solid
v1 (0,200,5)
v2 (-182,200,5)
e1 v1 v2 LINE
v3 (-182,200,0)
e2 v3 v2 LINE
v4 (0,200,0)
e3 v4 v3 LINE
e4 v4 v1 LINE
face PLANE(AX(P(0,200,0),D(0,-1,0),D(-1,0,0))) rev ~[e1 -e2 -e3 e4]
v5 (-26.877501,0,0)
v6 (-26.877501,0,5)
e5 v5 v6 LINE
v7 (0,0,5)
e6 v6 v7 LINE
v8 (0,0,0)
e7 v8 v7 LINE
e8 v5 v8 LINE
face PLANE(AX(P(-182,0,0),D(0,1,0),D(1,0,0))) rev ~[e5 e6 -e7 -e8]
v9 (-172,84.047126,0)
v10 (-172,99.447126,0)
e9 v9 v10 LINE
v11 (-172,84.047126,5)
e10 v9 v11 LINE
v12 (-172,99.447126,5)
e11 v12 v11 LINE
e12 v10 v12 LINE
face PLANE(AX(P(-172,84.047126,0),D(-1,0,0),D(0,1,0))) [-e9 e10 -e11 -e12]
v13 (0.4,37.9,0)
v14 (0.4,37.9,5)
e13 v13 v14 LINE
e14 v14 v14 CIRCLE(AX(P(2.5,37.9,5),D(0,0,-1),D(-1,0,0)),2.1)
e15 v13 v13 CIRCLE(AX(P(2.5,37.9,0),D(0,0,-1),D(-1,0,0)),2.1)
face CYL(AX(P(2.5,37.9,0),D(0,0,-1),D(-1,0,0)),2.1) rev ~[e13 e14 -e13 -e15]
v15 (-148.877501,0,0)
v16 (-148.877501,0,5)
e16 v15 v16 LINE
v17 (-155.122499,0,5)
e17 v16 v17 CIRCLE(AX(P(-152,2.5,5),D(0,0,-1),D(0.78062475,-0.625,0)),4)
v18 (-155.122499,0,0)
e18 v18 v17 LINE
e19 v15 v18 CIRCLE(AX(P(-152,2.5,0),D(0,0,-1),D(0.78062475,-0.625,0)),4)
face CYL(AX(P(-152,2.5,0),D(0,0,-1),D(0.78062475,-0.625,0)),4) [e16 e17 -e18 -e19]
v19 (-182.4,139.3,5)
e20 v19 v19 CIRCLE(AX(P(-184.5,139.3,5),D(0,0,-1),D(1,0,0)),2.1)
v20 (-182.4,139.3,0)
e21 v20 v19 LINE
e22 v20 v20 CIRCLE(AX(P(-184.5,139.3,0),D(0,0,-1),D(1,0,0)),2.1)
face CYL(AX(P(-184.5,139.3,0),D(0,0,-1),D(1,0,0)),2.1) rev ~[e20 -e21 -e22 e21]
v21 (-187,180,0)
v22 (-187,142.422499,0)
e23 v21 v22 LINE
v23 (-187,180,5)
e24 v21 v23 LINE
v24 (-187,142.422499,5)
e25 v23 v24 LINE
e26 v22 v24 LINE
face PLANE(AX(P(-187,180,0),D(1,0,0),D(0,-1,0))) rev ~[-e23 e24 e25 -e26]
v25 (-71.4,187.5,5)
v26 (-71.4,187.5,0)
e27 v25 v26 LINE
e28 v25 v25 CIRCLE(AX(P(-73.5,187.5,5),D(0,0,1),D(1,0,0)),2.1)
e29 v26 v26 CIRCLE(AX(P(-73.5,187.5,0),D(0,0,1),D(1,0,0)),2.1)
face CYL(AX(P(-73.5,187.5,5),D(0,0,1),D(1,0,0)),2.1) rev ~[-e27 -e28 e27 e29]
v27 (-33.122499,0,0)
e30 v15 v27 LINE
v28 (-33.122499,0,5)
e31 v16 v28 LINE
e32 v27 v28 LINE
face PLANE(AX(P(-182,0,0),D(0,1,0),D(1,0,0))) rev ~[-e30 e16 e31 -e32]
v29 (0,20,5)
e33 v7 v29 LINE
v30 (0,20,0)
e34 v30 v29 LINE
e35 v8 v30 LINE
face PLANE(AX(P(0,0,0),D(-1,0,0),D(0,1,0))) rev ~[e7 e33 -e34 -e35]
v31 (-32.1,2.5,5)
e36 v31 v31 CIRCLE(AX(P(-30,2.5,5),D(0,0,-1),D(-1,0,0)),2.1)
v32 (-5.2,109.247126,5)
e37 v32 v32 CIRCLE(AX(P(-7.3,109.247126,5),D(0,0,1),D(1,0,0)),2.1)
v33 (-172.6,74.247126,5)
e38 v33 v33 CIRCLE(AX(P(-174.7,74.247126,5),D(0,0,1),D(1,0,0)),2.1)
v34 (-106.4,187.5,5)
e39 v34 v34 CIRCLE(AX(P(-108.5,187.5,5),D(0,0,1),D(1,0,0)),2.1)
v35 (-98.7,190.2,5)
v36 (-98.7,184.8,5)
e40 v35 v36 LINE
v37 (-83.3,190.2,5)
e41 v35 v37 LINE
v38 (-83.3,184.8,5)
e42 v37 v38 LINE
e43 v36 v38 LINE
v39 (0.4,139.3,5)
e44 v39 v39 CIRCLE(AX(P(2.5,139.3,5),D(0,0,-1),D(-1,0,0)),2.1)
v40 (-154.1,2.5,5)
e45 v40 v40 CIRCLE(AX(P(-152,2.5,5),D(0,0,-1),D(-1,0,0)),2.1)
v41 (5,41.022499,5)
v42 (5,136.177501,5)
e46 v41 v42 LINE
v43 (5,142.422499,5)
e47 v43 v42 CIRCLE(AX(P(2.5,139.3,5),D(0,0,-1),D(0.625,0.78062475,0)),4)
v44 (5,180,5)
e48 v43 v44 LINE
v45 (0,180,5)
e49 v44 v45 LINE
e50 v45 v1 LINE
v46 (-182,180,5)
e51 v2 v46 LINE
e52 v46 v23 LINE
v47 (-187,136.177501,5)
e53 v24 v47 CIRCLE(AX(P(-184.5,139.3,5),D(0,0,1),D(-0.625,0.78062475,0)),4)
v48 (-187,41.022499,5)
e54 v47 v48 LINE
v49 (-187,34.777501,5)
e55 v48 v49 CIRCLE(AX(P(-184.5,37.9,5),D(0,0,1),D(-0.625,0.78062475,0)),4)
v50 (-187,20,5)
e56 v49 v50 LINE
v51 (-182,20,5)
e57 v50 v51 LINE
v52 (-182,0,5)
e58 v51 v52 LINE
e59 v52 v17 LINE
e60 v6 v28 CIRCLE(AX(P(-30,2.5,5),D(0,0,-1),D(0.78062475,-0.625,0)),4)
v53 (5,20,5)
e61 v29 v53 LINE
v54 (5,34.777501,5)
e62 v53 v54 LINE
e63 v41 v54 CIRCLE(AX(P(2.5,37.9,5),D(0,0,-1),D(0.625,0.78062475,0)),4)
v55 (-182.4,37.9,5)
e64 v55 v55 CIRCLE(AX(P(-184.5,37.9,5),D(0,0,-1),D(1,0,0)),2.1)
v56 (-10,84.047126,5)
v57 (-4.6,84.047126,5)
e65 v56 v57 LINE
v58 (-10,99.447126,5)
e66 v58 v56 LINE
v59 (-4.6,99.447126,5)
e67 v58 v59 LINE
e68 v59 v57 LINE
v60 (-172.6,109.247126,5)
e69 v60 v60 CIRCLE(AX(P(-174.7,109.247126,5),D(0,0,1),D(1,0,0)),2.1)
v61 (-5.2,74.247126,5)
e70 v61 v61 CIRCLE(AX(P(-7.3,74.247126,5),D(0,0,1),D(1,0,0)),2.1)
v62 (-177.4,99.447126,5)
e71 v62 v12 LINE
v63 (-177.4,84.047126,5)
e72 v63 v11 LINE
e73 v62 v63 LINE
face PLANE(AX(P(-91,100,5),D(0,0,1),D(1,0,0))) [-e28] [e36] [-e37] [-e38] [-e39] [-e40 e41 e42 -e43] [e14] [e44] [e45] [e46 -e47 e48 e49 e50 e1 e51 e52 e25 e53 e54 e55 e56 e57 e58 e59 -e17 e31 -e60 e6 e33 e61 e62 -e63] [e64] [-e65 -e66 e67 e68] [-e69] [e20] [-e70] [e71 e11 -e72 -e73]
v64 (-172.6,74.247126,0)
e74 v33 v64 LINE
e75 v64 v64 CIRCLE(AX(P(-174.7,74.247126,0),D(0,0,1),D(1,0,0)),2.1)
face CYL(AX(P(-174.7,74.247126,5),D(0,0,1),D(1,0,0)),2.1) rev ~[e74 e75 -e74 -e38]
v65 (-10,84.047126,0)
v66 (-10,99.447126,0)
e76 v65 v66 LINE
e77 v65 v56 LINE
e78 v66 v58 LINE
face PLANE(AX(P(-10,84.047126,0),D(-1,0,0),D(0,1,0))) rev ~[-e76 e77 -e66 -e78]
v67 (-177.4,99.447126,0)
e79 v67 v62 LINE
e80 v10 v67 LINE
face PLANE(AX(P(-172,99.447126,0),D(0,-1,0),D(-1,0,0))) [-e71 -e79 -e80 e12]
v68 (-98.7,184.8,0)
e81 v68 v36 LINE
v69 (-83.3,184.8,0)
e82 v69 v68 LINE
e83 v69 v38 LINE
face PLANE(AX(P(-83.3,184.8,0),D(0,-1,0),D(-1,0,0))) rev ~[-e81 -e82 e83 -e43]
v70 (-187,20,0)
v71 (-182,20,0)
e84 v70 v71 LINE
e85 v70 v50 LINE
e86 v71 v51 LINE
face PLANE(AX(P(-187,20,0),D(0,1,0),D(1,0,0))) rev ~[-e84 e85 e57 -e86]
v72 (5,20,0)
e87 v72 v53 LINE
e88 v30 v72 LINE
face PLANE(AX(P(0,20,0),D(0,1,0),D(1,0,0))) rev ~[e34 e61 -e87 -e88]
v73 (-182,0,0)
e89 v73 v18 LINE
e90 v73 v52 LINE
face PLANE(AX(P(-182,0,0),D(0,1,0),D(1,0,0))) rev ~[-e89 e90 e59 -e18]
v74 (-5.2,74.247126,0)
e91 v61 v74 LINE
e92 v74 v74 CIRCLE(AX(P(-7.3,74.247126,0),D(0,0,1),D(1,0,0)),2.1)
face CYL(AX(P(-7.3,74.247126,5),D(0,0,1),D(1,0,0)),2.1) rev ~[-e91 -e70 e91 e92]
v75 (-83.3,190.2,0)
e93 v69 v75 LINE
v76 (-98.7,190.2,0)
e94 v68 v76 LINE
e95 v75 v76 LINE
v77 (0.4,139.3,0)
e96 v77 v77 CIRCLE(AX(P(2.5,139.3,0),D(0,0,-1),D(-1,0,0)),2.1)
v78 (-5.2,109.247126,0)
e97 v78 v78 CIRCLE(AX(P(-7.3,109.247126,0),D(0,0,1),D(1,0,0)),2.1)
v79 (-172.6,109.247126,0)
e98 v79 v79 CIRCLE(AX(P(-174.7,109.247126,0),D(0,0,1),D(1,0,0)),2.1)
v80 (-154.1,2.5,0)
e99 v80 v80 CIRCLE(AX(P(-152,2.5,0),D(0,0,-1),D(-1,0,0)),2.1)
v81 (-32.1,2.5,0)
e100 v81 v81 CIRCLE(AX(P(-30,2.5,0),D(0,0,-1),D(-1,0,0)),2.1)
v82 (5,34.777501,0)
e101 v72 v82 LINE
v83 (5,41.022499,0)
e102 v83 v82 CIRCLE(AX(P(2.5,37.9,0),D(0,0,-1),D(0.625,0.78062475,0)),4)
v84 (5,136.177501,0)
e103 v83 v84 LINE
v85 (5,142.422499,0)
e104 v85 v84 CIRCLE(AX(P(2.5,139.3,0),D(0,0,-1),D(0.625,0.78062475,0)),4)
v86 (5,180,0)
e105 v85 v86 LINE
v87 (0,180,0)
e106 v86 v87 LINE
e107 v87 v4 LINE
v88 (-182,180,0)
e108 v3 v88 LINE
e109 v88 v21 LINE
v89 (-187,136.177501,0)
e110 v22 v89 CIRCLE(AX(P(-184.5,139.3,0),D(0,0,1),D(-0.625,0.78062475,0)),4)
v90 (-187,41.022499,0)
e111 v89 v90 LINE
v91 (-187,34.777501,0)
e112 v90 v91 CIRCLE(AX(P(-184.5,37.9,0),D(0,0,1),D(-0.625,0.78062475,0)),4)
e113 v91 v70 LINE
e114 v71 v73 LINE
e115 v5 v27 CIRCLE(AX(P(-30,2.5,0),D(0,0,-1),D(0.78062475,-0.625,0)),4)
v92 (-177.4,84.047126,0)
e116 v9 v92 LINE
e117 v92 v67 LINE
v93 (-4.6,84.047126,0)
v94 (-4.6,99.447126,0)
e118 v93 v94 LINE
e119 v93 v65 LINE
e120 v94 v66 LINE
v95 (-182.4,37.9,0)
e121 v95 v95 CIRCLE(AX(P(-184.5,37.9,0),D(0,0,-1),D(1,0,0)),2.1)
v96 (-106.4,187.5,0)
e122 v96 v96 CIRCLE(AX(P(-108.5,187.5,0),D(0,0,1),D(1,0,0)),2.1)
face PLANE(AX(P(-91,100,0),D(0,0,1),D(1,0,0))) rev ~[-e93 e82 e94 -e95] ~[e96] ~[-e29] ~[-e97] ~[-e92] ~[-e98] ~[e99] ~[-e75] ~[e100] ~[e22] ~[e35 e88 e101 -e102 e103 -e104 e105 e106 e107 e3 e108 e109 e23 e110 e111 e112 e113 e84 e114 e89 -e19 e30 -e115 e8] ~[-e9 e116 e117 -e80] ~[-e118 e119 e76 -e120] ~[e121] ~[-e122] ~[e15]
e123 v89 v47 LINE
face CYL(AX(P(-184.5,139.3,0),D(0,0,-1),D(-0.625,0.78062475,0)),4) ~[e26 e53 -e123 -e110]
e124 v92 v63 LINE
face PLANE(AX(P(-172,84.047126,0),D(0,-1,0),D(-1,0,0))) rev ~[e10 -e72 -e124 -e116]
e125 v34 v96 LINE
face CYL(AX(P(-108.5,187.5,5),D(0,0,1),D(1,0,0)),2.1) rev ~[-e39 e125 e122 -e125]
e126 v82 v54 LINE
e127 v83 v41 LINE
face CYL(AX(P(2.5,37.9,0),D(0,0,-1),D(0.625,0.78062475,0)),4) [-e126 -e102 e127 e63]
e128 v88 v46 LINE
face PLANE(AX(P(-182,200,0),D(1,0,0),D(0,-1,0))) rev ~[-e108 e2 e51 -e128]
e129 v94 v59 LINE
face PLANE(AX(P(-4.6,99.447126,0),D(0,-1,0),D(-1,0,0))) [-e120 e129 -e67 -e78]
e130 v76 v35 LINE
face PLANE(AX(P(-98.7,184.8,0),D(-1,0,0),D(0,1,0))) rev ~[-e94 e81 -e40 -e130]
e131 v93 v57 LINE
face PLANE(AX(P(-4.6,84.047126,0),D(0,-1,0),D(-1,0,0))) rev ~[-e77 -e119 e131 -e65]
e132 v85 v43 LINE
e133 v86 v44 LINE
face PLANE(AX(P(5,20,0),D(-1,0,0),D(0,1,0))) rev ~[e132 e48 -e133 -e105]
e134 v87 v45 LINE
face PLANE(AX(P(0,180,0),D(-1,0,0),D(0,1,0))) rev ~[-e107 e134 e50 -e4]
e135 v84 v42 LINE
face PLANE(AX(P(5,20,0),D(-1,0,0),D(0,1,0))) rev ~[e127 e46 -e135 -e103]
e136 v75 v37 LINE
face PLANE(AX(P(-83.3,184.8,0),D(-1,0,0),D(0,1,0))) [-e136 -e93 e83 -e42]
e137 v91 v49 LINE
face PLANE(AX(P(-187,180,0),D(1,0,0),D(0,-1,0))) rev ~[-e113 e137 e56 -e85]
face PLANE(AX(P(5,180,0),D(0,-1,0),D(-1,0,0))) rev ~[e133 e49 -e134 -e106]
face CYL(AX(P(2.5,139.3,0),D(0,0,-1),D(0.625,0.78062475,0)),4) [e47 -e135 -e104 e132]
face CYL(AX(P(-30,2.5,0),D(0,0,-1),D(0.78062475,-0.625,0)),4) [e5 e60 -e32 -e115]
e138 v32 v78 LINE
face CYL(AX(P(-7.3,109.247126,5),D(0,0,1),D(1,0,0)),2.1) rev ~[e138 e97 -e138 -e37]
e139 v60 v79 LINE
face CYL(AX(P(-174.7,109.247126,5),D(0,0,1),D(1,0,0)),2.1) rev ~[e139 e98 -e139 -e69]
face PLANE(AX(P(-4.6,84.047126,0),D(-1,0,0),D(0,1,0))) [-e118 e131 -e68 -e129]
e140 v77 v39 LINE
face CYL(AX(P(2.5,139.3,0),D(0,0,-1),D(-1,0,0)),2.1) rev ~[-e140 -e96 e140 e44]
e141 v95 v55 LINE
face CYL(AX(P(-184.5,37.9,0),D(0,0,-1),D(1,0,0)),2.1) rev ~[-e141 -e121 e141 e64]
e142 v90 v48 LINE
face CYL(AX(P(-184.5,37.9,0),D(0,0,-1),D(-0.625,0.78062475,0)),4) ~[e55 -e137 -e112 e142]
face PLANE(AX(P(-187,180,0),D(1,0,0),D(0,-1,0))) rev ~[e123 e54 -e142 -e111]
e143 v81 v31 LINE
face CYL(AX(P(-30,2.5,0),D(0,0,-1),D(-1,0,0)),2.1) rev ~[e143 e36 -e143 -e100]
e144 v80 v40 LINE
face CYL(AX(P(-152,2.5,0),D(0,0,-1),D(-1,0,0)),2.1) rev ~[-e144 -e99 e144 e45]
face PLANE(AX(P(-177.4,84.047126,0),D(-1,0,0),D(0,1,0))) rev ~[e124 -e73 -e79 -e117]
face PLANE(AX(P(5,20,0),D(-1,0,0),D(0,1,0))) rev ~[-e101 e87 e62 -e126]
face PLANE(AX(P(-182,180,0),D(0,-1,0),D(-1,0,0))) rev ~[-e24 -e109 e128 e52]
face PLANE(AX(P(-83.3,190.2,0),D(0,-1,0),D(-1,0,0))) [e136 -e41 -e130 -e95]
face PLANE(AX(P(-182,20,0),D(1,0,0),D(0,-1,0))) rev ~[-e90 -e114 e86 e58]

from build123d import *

# Parameters (mm, degrees)
BOSS_EXTRUDE1_DEPTH = 5
SKETCH2_R           = 2.1
CUT_EXTRUDE1_DEPTH  = 10
BOSS_EXTRUDE2_DEPTH = 5
BOSS_EXTRUDE3_DEPTH = 5
SKETCH5_R           = 2.1
CUT_EXTRUDE2_DEPTH  = 5
BOSS_EXTRUDE4_DEPTH = 5
SKETCH10_W          = 5.4
SKETCH10_H          = 15.4
SKETCH10_W_2        = 15.4
SKETCH10_H_2        = 5.4
SKETCH10_W_3        = 15
SKETCH10_H_3        = 5
CUT_EXTRUDE7_DEPTH  = 10
SKETCH11_W          = 15
SKETCH11_H          = 5
CUT_EXTRUDE8_DEPTH  = 10
SKETCH12_R          = 2.1
CUT_EXTRUDE9_DEPTH  = 10


with BuildPart() as part:
    # Sketch1 → Boss-Extrude1 (new body)
    with BuildSketch(Plane.XY):
        Polygon((-182, 200), (-182, 180), (-187, 180), (-187, 20), (-182, 20), (-182, 0), (0, 0), (0, 20), (5, 20), (5, 180), (0, 180), (0, 200), align=None)
    extrude(amount=BOSS_EXTRUDE1_DEPTH)

    # Sketch2 → Cut-Extrude1 (cut)
    with BuildSketch(Plane(origin=(0, 0, 0), x_dir=(-1, 0, 0), z_dir=(0, 0, -1))):
        with Locations((-2.5, 139.3)):
            Circle(SKETCH2_R)
        with Locations((-2.5, 37.9)):
            Circle(SKETCH2_R)
        with Locations(Location((184.5, 37.9, 0), (0, 0, 180))):
            Circle(SKETCH2_R)
        with Locations(Location((184.5, 139.3, 0), (0, 0, 180))):
            Circle(SKETCH2_R)
    extrude(amount=-CUT_EXTRUDE1_DEPTH, mode=Mode.SUBTRACT)

    # Sketch3 → Boss-Extrude2 (add)
    with BuildSketch(Plane(origin=(0, 0, 0), x_dir=(-1, 0, 0), z_dir=(0, 0, -1))):
        with BuildLine():
            Line((-5, 136.177501001), (-5, 142.422498999))
            ThreePointArc((-5, 142.422498999), (-6.5, 139.3), (-5, 136.177501001))
        make_face()
    boss_extrude2 = extrude(amount=-BOSS_EXTRUDE2_DEPTH)

    # Sketch4 → Boss-Extrude3 (add)
    with BuildSketch(Plane(origin=(0, 0, 0), x_dir=(-1, 0, 0), z_dir=(0, 0, -1))):
        with BuildLine():
            Line((-5, 34.777501001), (-5, 41.022498999))
            ThreePointArc((-5, 41.022498999), (-6.5, 37.9), (-5, 34.777501001))
        make_face()
    boss_extrude3 = extrude(amount=-BOSS_EXTRUDE3_DEPTH)

    # Mirror1: Boss-Extrude2, Boss-Extrude3 across plane
    add(boss_extrude2.mirror(Plane.ZY.offset(91)))
    add(boss_extrude3.mirror(Plane.ZY.offset(91)))

    # Sketch5 → Cut-Extrude2 (cut)
    with BuildSketch(Plane(origin=(0, 0, 0), x_dir=(-1, 0, 0), z_dir=(0, 0, -1))):
        with Locations((30, 2.5)):
            Circle(SKETCH5_R)
        with Locations((152, 2.5)):
            Circle(SKETCH5_R)
    extrude(amount=-CUT_EXTRUDE2_DEPTH, mode=Mode.SUBTRACT)

    # Sketch6 → Boss-Extrude4 (add)
    with BuildSketch(Plane(origin=(0, 0, 0), x_dir=(-1, 0, 0), z_dir=(0, 0, -1))):
        with BuildLine():
            Line((155.122498999, 0), (148.877501001, 0))
            ThreePointArc((148.877501001, 0), (152, -1.5), (155.122498999, 0))
        make_face()
        with BuildLine():
            Line((33.122498999, 0), (26.877501001, 0))
            ThreePointArc((26.877501001, 0), (30, -1.5), (33.122498999, 0))
        make_face()
    extrude(amount=-BOSS_EXTRUDE4_DEPTH)

    # Sketch10 → Cut-Extrude7 (cut)
    # profile 1 of 4: a face of its own
    with BuildSketch(Plane(origin=(0, 0, 0), x_dir=(-1, 0, 0), z_dir=(0, 0, -1))):
        with Locations((7.3, 91.747126042)):
            Rectangle(SKETCH10_W, SKETCH10_H)
    # profile 2 of 4: a face of its own
    with BuildSketch(Plane(origin=(0, 0, 0), x_dir=(-1, 0, 0), z_dir=(0, 0, -1))):
        with Locations((174.7, 91.747126042)):
            Rectangle(SKETCH10_W, SKETCH10_H)
    # profile 3 of 4: a face of its own
    with BuildSketch(Plane(origin=(0, 0, 0), x_dir=(-1, 0, 0), z_dir=(0, 0, -1))):
        with Locations((91, -4.005747915)):
            Rectangle(SKETCH10_W_2, SKETCH10_H_2)
        with Locations((91, -4.005747915)):
            Rectangle(SKETCH10_W_3, SKETCH10_H_3, mode=Mode.SUBTRACT)
    # profile 4 of 4: a face of its own
    with BuildSketch(Plane(origin=(0, 0, 0), x_dir=(-1, 0, 0), z_dir=(0, 0, -1))):
        with Locations((91, 187.5)):
            Rectangle(SKETCH10_W_2, SKETCH10_H_2)
        with Locations((91, 187.5)):
            Rectangle(SKETCH10_W_3, SKETCH10_H_3, mode=Mode.SUBTRACT)
    extrude(amount=-CUT_EXTRUDE7_DEPTH, mode=Mode.SUBTRACT)


with BuildPart() as cut_extrude7_piece_1:
    # of the separate pieces the step leaves, piece 1, a body of its own (cut_extrude7_pieces)
    add(part.part.solids().sort_by_distance((-182, 200, 0))[0])

    # Sketch12 → Cut-Extrude9 (cut)
    with BuildSketch(Plane.XY.offset(5)):
        with Locations((-108.5, 187.5)):
            Circle(SKETCH12_R)
        with Locations((-73.5, 187.5)):
            Circle(SKETCH12_R)
        with Locations((-73.5, -4.005747915)):
            Circle(SKETCH12_R)
        with Locations((-108.5, -4.005747915)):
            Circle(SKETCH12_R)
        with Locations((-174.7, 109.247126042)):
            Circle(SKETCH12_R)
        with Locations((-174.7, 74.247126042)):
            Circle(SKETCH12_R)
        with Locations((-7.3, 74.247126042)):
            Circle(SKETCH12_R)
        with Locations((-7.3, 109.247126042)):
            Circle(SKETCH12_R)
    extrude(amount=-CUT_EXTRUDE9_DEPTH, mode=Mode.SUBTRACT)


with BuildPart() as cut_extrude7_piece_2:
    # of the separate pieces the step leaves, piece 2, a body of its own (cut_extrude7_pieces)
    add(part.part.solids().sort_by_distance((-98.5, 185, 0))[0])

    # Sketch11 → Cut-Extrude8 (cut)
    with BuildSketch(Plane.XY.offset(5)):
        with Locations((-91, 12.499999997)):
            Rectangle(SKETCH11_W, SKETCH11_H)
        with Locations((-91, 187.5)):
            Rectangle(SKETCH11_W, SKETCH11_H)
    extrude(amount=-CUT_EXTRUDE8_DEPTH, mode=Mode.SUBTRACT)


solid = cut_extrude7_piece_1.part
